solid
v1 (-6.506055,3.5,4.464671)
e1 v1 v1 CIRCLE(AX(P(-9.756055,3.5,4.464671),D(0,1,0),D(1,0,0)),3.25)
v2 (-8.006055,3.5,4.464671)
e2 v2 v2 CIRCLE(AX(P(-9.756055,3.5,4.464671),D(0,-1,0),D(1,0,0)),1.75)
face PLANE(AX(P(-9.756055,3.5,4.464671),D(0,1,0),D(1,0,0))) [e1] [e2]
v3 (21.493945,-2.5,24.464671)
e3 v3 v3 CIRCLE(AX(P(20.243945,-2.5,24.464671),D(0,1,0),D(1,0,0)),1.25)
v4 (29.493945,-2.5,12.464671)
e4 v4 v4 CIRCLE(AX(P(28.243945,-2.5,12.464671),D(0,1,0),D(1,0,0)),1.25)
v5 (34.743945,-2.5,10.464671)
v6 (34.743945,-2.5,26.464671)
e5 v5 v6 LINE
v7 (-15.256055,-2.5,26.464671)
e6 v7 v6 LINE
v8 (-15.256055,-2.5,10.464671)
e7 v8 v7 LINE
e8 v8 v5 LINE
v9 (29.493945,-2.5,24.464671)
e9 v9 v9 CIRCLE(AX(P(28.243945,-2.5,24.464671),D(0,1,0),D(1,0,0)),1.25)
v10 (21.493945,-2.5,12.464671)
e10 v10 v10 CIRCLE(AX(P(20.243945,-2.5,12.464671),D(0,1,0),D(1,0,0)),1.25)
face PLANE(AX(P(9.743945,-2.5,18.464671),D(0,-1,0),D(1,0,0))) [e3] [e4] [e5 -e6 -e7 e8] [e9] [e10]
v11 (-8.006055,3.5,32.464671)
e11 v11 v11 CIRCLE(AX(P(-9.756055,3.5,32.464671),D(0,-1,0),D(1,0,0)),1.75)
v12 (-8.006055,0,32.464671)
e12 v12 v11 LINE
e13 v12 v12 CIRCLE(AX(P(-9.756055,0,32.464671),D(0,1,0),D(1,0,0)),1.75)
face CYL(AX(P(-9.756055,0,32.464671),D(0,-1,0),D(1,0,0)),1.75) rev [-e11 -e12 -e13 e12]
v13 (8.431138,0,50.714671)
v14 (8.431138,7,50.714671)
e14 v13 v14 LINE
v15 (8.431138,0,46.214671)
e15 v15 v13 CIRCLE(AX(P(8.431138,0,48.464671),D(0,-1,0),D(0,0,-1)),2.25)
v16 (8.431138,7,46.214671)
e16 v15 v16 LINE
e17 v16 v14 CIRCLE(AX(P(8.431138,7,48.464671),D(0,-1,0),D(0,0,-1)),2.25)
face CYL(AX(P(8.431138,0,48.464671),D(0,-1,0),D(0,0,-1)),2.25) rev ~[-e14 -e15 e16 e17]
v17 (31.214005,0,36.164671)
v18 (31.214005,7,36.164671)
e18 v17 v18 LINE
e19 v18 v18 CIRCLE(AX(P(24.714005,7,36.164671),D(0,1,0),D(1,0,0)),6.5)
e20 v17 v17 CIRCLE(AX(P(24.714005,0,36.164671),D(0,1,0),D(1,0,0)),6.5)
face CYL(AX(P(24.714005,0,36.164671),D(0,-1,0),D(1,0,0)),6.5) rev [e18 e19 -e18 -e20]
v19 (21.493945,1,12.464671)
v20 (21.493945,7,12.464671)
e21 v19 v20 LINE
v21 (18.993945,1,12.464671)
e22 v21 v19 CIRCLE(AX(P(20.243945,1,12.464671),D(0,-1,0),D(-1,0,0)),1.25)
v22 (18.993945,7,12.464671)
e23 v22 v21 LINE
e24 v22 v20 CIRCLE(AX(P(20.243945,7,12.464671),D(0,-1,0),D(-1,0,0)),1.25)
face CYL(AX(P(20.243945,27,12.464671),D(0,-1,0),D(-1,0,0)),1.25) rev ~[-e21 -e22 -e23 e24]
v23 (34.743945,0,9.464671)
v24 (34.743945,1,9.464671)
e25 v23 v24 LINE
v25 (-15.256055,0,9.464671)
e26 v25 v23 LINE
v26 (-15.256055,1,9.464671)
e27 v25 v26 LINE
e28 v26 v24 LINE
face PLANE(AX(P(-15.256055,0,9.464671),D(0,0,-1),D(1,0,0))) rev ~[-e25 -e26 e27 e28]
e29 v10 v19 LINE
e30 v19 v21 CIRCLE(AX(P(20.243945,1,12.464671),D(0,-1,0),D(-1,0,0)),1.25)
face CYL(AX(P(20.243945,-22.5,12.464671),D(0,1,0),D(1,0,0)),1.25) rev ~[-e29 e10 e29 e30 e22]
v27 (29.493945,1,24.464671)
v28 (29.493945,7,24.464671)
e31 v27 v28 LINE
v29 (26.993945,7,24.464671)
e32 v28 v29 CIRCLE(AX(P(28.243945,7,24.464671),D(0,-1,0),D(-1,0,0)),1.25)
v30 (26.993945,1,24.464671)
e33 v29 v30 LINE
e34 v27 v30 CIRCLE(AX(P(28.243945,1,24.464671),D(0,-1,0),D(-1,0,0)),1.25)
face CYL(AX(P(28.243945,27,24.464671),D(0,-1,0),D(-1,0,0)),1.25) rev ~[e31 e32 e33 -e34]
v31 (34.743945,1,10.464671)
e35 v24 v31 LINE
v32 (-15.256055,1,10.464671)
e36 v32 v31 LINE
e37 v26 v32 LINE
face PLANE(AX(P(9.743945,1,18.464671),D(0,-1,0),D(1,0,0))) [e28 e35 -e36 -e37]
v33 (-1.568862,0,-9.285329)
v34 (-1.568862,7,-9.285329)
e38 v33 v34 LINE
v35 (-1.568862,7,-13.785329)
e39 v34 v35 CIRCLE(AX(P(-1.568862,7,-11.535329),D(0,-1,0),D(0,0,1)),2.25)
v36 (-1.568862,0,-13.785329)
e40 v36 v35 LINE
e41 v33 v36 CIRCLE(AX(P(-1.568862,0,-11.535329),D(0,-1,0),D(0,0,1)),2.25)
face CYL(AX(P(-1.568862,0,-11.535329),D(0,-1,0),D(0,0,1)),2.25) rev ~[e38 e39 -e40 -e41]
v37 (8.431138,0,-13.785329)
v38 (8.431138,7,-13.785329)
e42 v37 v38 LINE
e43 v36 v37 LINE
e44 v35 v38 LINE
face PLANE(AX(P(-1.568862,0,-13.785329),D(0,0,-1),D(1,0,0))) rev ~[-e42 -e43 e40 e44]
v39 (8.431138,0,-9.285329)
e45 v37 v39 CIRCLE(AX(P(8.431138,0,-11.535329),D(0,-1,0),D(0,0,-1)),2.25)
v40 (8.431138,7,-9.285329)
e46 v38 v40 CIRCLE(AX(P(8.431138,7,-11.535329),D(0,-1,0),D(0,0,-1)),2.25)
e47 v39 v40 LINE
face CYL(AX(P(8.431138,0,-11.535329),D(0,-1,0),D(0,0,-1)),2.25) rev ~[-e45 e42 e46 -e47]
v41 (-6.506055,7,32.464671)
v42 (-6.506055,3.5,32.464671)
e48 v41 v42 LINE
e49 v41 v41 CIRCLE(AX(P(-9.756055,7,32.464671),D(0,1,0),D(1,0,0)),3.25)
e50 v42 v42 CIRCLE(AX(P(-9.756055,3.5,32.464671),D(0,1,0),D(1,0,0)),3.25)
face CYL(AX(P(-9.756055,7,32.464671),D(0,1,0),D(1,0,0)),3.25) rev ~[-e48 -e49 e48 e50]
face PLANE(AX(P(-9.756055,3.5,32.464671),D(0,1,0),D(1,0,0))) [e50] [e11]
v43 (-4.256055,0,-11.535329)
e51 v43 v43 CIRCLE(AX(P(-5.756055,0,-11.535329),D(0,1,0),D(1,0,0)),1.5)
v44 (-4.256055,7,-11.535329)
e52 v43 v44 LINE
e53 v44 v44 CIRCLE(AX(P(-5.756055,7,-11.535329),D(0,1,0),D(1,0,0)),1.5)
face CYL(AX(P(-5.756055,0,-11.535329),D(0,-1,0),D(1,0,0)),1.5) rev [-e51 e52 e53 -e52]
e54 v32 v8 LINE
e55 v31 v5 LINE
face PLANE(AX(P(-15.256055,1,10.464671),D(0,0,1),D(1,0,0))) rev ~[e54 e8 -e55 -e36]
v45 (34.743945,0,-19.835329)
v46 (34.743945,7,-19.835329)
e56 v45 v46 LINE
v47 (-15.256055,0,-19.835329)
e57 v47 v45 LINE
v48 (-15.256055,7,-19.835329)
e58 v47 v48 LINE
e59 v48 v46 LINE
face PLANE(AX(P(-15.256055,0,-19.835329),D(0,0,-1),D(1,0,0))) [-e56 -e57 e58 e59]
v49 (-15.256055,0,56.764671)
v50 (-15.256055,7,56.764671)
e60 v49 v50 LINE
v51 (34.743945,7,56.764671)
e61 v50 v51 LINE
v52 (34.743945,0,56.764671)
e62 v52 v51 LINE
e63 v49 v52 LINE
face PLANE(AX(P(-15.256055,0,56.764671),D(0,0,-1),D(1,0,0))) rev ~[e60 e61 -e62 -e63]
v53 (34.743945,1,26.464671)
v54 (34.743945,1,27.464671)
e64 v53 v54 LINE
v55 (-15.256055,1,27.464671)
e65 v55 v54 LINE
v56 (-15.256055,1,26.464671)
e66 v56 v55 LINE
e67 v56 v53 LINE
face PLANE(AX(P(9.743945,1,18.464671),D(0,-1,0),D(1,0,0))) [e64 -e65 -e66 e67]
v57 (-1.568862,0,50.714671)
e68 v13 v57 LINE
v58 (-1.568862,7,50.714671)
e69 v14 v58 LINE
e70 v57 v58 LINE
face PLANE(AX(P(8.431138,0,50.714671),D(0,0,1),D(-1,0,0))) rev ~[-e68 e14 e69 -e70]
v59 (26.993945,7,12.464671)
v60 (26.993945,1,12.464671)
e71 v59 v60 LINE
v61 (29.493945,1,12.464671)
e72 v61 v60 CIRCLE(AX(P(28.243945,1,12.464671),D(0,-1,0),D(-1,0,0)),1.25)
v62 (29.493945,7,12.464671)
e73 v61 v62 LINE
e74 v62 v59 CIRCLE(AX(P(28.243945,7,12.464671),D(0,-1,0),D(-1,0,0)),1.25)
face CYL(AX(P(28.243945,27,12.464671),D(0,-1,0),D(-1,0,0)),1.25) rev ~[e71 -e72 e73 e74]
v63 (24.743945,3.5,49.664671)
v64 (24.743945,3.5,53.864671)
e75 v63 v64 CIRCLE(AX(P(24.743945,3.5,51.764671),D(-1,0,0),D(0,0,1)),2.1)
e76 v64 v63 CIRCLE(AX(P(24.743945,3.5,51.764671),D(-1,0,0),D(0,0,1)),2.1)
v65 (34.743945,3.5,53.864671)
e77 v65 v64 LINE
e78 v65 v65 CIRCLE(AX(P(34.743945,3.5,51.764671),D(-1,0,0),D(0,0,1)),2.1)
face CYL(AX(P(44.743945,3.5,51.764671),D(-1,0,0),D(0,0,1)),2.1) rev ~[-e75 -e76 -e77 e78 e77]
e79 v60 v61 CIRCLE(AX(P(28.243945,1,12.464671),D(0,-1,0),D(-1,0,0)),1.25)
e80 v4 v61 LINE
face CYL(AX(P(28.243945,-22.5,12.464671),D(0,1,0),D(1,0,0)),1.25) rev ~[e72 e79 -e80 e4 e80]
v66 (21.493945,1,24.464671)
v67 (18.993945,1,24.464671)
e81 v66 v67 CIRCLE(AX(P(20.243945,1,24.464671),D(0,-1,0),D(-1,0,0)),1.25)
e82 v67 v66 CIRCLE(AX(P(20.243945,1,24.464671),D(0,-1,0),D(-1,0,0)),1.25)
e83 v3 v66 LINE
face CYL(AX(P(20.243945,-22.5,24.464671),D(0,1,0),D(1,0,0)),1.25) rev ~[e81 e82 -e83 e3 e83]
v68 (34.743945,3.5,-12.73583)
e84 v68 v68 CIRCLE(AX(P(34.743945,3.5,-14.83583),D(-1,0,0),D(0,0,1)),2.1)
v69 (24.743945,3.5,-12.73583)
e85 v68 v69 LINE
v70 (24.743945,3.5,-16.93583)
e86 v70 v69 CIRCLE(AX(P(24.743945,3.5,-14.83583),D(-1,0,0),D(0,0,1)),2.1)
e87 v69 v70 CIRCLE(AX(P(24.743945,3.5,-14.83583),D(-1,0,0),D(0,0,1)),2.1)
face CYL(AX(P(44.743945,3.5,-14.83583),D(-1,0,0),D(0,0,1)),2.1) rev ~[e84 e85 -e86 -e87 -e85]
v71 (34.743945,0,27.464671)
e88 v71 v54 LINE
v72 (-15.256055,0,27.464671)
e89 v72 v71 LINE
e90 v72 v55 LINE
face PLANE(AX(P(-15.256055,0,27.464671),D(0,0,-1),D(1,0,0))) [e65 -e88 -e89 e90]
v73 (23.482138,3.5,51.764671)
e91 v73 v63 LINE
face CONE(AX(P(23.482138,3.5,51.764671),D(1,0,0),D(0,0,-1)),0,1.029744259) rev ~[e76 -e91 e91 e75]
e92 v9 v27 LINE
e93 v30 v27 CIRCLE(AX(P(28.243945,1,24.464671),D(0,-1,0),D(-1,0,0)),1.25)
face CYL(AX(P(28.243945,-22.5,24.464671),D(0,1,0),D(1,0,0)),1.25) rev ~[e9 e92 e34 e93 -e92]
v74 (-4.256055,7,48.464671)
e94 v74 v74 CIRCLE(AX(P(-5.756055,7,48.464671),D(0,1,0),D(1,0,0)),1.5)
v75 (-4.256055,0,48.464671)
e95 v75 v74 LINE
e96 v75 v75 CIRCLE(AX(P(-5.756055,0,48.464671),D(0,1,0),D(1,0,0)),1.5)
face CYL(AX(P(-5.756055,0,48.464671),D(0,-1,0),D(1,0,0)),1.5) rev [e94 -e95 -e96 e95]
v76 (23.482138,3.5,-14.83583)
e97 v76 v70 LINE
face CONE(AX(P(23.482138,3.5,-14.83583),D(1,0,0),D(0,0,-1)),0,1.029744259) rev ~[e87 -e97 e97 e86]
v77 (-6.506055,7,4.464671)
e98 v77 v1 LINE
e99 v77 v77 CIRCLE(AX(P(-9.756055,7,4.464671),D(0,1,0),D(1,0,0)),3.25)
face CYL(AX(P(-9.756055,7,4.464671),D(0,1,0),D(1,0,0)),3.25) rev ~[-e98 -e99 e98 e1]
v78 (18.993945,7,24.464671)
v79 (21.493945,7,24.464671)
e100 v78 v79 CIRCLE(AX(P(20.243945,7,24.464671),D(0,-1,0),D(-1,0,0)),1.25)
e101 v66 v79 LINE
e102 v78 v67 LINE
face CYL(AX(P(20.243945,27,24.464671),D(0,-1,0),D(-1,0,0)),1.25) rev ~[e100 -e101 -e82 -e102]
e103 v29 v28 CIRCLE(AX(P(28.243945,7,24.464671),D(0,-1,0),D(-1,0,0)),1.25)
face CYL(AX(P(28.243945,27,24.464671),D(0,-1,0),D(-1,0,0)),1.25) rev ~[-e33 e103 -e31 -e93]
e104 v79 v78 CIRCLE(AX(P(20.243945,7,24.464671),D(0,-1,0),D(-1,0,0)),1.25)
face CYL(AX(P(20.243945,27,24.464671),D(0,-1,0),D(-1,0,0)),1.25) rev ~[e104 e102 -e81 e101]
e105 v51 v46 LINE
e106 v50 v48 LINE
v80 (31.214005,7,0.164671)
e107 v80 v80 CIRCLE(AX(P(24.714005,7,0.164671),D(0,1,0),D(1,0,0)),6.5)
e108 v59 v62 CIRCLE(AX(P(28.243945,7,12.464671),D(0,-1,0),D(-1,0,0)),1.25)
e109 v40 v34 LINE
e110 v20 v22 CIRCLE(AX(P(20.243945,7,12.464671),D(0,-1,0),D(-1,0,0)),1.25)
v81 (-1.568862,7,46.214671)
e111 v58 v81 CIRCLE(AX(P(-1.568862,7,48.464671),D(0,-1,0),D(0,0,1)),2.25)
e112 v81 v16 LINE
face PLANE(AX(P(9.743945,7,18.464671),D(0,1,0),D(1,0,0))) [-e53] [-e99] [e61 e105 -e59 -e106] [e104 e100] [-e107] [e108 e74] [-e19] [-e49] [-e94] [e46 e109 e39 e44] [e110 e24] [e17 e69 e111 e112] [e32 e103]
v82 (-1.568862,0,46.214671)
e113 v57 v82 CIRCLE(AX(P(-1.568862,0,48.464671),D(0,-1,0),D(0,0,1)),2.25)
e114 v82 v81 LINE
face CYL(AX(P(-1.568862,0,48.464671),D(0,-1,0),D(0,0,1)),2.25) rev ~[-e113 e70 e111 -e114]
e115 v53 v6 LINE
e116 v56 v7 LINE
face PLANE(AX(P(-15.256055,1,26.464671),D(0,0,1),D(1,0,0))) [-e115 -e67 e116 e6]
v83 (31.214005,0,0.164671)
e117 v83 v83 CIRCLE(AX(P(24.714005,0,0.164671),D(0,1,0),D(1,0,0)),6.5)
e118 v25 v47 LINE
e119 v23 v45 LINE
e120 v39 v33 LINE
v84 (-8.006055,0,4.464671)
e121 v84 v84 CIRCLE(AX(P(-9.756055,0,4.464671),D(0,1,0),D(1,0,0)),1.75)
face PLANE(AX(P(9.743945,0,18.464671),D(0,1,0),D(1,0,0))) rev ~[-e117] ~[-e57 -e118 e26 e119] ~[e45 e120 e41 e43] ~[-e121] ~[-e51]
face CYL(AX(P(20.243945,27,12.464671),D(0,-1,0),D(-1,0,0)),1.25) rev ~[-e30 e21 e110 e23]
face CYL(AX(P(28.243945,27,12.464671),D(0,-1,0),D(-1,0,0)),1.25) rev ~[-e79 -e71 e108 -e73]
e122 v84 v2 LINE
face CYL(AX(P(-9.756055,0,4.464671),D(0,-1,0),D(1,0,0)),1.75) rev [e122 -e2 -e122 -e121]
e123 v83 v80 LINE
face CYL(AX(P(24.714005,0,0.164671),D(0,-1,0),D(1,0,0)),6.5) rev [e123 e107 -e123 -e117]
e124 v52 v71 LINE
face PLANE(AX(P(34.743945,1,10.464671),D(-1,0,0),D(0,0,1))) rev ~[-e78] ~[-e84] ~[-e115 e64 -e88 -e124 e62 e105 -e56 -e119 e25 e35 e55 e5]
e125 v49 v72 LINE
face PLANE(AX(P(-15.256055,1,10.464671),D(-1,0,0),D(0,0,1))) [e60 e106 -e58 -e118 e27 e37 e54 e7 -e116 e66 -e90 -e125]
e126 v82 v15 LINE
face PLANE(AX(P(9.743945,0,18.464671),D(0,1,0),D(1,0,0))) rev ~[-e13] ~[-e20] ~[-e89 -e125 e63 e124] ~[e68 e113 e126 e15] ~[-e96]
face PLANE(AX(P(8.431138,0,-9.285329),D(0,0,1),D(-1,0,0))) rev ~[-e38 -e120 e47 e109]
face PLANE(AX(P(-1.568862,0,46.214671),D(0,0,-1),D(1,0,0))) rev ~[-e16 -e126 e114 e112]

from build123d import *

# Parameters (mm, degrees)
SKETCH1_W             = 50
SKETCH1_H             = 76.6
SKETCH1_R             = 6.5
SKETCH1_R_2           = 1.75
SKETCH1_R_3           = 1.5
BOSS_EXTRUDE1_DEPTH   = 7
M5_TAPPED_HOLE1_D     = 4.2
M5_TAPPED_HOLE1_DEPTH = 10
M5_TAPPED_HOLE1_TIP   = 1.2618073
SKETCH4_R             = 3.25
CUT_EXTRUDE1_DEPTH    = 3.5
M3_TAPPED_HOLE1_D     = 2.5
M3_TAPPED_HOLE1_DEPTH = 20
M3_TAPPED_HOLE1_TIP   = 0.751075774
SKETCH10_W            = 50
SKETCH10_H            = 18
CUT_EXTRUDE3_DEPTH    = 1
SKETCH11_W            = 50
SKETCH11_H            = 16
BOSS_EXTRUDE2_DEPTH   = 3.5
M3_TAPPED_HOLE2_D     = 2.5
M3_TAPPED_HOLE2_DEPTH = 20
M3_TAPPED_HOLE2_TIP   = 0.751075774


with BuildPart() as part:
    # Sketch1 → Boss-Extrude1 (new body)
    with BuildSketch(Plane(origin=(0, 0, 0), x_dir=(1, 0, 0), z_dir=(0, 1, 0))):
        with Locations((9.743944876, -18.464670659)):
            Rectangle(SKETCH1_W, SKETCH1_H)
        with Locations((24.714004756, -0.164670659)):
            Circle(SKETCH1_R, mode=Mode.SUBTRACT)
        with Locations((24.714004756, -36.164670659)):
            Circle(SKETCH1_R, mode=Mode.SUBTRACT)
        with Locations((-9.756055124, -4.464670659)):
            Circle(SKETCH1_R_2, mode=Mode.SUBTRACT)
        with Locations((-9.756055124, -32.464670659)):
            Circle(SKETCH1_R_2, mode=Mode.SUBTRACT)
        with Locations((-5.756055124, -48.464670659)):
            Circle(SKETCH1_R_3, mode=Mode.SUBTRACT)
        with Locations((-5.756055124, 11.535329341)):
            Circle(SKETCH1_R_3, mode=Mode.SUBTRACT)
        with BuildLine():
            Line((-1.568862275, 13.785329341), (8.431137725, 13.785329341))
            ThreePointArc((8.431137725, 13.785329341), (10.681137725, 11.535329341), (8.431137725, 9.285329341))
            Line((8.431137725, 9.285329341), (-1.568862275, 9.285329341))
            ThreePointArc((-1.568862275, 9.285329341), (-3.818862275, 11.535329341), (-1.568862275, 13.785329341))
        make_face(mode=Mode.SUBTRACT)
        with BuildLine():
            Line((-1.568862275, -46.214670659), (8.431137725, -46.214670659))
            ThreePointArc((8.431137725, -46.214670659), (10.681137725, -48.464670659), (8.431137725, -50.714670659))
            Line((8.431137725, -50.714670659), (-1.568862275, -50.714670659))
            ThreePointArc((-1.568862275, -50.714670659), (-3.818862275, -48.464670659), (-1.568862275, -46.214670659))
        make_face(mode=Mode.SUBTRACT)
    extrude(amount=BOSS_EXTRUDE1_DEPTH)

    # M5 Tapped Hole1
    with Locations(Plane(origin=(34.743944876, 0, 0), x_dir=(0, 0, -1), z_dir=(1, 0, 0))):
        with Locations((14.835829661, 3.5), (-51.764670659, 3.5)):
            Hole(M5_TAPPED_HOLE1_D / 2, depth=M5_TAPPED_HOLE1_DEPTH)
            with Locations((0, 0, -(M5_TAPPED_HOLE1_DEPTH + M5_TAPPED_HOLE1_TIP / 2))):  # 118° drill point
                Cone(0, M5_TAPPED_HOLE1_D / 2, M5_TAPPED_HOLE1_TIP, mode=Mode.SUBTRACT)

    # Sketch4 → Cut-Extrude1 (cut)
    with BuildSketch(Plane(origin=(0, 7, 0), x_dir=(1, 0, 0), z_dir=(0, 1, 0))):
        with Locations((-9.756055124, -4.464670659)):
            Circle(SKETCH4_R)
        with Locations((-9.756055124, -32.464670659)):
            Circle(SKETCH4_R)
    extrude(amount=-CUT_EXTRUDE1_DEPTH, mode=Mode.SUBTRACT)

    # M3 Tapped Hole1
    with Locations(Plane(origin=(0, 7, 0), x_dir=(1, 0, 0), z_dir=(0, 1, 0))):
        with Locations((20.243944876, -12.464670659), (28.243944876, -12.464670659), (28.243944876, -24.464670659), (20.243944876, -24.464670659)):
            Hole(M3_TAPPED_HOLE1_D / 2, depth=M3_TAPPED_HOLE1_DEPTH)
            with Locations((0, 0, -(M3_TAPPED_HOLE1_DEPTH + M3_TAPPED_HOLE1_TIP / 2))):  # 118° drill point
                Cone(0, M3_TAPPED_HOLE1_D / 2, M3_TAPPED_HOLE1_TIP, mode=Mode.SUBTRACT)

    # Sketch10 → Cut-Extrude3 (cut)
    with BuildSketch(Plane.XZ):
        with Locations((9.743944876, 18.464670659)):
            Rectangle(SKETCH10_W, SKETCH10_H)
    extrude(amount=-CUT_EXTRUDE3_DEPTH, mode=Mode.SUBTRACT)

    # Sketch11 → Boss-Extrude2 (add)
    with BuildSketch(Plane.XZ.offset(-1)):
        with Locations((9.743944876, 18.464670659)):
            Rectangle(SKETCH11_W, SKETCH11_H)
    extrude(amount=BOSS_EXTRUDE2_DEPTH)

    # M3 Tapped Hole2
    with Locations(Plane(origin=(0, -2.5, 0), x_dir=(-1, 0, 0), z_dir=(0, -1, 0))):
        with Locations((-20.243944876, -12.464670659), (-28.243944876, -12.464670659), (-20.243944876, -24.464670659), (-28.243944876, -24.464670659), (-47.068271945, 0)):
            Hole(M3_TAPPED_HOLE2_D / 2, depth=M3_TAPPED_HOLE2_DEPTH)
            with Locations((0, 0, -(M3_TAPPED_HOLE2_DEPTH + M3_TAPPED_HOLE2_TIP / 2))):  # 118° drill point
                Cone(0, M3_TAPPED_HOLE2_D / 2, M3_TAPPED_HOLE2_TIP, mode=Mode.SUBTRACT)


solid = part.part
